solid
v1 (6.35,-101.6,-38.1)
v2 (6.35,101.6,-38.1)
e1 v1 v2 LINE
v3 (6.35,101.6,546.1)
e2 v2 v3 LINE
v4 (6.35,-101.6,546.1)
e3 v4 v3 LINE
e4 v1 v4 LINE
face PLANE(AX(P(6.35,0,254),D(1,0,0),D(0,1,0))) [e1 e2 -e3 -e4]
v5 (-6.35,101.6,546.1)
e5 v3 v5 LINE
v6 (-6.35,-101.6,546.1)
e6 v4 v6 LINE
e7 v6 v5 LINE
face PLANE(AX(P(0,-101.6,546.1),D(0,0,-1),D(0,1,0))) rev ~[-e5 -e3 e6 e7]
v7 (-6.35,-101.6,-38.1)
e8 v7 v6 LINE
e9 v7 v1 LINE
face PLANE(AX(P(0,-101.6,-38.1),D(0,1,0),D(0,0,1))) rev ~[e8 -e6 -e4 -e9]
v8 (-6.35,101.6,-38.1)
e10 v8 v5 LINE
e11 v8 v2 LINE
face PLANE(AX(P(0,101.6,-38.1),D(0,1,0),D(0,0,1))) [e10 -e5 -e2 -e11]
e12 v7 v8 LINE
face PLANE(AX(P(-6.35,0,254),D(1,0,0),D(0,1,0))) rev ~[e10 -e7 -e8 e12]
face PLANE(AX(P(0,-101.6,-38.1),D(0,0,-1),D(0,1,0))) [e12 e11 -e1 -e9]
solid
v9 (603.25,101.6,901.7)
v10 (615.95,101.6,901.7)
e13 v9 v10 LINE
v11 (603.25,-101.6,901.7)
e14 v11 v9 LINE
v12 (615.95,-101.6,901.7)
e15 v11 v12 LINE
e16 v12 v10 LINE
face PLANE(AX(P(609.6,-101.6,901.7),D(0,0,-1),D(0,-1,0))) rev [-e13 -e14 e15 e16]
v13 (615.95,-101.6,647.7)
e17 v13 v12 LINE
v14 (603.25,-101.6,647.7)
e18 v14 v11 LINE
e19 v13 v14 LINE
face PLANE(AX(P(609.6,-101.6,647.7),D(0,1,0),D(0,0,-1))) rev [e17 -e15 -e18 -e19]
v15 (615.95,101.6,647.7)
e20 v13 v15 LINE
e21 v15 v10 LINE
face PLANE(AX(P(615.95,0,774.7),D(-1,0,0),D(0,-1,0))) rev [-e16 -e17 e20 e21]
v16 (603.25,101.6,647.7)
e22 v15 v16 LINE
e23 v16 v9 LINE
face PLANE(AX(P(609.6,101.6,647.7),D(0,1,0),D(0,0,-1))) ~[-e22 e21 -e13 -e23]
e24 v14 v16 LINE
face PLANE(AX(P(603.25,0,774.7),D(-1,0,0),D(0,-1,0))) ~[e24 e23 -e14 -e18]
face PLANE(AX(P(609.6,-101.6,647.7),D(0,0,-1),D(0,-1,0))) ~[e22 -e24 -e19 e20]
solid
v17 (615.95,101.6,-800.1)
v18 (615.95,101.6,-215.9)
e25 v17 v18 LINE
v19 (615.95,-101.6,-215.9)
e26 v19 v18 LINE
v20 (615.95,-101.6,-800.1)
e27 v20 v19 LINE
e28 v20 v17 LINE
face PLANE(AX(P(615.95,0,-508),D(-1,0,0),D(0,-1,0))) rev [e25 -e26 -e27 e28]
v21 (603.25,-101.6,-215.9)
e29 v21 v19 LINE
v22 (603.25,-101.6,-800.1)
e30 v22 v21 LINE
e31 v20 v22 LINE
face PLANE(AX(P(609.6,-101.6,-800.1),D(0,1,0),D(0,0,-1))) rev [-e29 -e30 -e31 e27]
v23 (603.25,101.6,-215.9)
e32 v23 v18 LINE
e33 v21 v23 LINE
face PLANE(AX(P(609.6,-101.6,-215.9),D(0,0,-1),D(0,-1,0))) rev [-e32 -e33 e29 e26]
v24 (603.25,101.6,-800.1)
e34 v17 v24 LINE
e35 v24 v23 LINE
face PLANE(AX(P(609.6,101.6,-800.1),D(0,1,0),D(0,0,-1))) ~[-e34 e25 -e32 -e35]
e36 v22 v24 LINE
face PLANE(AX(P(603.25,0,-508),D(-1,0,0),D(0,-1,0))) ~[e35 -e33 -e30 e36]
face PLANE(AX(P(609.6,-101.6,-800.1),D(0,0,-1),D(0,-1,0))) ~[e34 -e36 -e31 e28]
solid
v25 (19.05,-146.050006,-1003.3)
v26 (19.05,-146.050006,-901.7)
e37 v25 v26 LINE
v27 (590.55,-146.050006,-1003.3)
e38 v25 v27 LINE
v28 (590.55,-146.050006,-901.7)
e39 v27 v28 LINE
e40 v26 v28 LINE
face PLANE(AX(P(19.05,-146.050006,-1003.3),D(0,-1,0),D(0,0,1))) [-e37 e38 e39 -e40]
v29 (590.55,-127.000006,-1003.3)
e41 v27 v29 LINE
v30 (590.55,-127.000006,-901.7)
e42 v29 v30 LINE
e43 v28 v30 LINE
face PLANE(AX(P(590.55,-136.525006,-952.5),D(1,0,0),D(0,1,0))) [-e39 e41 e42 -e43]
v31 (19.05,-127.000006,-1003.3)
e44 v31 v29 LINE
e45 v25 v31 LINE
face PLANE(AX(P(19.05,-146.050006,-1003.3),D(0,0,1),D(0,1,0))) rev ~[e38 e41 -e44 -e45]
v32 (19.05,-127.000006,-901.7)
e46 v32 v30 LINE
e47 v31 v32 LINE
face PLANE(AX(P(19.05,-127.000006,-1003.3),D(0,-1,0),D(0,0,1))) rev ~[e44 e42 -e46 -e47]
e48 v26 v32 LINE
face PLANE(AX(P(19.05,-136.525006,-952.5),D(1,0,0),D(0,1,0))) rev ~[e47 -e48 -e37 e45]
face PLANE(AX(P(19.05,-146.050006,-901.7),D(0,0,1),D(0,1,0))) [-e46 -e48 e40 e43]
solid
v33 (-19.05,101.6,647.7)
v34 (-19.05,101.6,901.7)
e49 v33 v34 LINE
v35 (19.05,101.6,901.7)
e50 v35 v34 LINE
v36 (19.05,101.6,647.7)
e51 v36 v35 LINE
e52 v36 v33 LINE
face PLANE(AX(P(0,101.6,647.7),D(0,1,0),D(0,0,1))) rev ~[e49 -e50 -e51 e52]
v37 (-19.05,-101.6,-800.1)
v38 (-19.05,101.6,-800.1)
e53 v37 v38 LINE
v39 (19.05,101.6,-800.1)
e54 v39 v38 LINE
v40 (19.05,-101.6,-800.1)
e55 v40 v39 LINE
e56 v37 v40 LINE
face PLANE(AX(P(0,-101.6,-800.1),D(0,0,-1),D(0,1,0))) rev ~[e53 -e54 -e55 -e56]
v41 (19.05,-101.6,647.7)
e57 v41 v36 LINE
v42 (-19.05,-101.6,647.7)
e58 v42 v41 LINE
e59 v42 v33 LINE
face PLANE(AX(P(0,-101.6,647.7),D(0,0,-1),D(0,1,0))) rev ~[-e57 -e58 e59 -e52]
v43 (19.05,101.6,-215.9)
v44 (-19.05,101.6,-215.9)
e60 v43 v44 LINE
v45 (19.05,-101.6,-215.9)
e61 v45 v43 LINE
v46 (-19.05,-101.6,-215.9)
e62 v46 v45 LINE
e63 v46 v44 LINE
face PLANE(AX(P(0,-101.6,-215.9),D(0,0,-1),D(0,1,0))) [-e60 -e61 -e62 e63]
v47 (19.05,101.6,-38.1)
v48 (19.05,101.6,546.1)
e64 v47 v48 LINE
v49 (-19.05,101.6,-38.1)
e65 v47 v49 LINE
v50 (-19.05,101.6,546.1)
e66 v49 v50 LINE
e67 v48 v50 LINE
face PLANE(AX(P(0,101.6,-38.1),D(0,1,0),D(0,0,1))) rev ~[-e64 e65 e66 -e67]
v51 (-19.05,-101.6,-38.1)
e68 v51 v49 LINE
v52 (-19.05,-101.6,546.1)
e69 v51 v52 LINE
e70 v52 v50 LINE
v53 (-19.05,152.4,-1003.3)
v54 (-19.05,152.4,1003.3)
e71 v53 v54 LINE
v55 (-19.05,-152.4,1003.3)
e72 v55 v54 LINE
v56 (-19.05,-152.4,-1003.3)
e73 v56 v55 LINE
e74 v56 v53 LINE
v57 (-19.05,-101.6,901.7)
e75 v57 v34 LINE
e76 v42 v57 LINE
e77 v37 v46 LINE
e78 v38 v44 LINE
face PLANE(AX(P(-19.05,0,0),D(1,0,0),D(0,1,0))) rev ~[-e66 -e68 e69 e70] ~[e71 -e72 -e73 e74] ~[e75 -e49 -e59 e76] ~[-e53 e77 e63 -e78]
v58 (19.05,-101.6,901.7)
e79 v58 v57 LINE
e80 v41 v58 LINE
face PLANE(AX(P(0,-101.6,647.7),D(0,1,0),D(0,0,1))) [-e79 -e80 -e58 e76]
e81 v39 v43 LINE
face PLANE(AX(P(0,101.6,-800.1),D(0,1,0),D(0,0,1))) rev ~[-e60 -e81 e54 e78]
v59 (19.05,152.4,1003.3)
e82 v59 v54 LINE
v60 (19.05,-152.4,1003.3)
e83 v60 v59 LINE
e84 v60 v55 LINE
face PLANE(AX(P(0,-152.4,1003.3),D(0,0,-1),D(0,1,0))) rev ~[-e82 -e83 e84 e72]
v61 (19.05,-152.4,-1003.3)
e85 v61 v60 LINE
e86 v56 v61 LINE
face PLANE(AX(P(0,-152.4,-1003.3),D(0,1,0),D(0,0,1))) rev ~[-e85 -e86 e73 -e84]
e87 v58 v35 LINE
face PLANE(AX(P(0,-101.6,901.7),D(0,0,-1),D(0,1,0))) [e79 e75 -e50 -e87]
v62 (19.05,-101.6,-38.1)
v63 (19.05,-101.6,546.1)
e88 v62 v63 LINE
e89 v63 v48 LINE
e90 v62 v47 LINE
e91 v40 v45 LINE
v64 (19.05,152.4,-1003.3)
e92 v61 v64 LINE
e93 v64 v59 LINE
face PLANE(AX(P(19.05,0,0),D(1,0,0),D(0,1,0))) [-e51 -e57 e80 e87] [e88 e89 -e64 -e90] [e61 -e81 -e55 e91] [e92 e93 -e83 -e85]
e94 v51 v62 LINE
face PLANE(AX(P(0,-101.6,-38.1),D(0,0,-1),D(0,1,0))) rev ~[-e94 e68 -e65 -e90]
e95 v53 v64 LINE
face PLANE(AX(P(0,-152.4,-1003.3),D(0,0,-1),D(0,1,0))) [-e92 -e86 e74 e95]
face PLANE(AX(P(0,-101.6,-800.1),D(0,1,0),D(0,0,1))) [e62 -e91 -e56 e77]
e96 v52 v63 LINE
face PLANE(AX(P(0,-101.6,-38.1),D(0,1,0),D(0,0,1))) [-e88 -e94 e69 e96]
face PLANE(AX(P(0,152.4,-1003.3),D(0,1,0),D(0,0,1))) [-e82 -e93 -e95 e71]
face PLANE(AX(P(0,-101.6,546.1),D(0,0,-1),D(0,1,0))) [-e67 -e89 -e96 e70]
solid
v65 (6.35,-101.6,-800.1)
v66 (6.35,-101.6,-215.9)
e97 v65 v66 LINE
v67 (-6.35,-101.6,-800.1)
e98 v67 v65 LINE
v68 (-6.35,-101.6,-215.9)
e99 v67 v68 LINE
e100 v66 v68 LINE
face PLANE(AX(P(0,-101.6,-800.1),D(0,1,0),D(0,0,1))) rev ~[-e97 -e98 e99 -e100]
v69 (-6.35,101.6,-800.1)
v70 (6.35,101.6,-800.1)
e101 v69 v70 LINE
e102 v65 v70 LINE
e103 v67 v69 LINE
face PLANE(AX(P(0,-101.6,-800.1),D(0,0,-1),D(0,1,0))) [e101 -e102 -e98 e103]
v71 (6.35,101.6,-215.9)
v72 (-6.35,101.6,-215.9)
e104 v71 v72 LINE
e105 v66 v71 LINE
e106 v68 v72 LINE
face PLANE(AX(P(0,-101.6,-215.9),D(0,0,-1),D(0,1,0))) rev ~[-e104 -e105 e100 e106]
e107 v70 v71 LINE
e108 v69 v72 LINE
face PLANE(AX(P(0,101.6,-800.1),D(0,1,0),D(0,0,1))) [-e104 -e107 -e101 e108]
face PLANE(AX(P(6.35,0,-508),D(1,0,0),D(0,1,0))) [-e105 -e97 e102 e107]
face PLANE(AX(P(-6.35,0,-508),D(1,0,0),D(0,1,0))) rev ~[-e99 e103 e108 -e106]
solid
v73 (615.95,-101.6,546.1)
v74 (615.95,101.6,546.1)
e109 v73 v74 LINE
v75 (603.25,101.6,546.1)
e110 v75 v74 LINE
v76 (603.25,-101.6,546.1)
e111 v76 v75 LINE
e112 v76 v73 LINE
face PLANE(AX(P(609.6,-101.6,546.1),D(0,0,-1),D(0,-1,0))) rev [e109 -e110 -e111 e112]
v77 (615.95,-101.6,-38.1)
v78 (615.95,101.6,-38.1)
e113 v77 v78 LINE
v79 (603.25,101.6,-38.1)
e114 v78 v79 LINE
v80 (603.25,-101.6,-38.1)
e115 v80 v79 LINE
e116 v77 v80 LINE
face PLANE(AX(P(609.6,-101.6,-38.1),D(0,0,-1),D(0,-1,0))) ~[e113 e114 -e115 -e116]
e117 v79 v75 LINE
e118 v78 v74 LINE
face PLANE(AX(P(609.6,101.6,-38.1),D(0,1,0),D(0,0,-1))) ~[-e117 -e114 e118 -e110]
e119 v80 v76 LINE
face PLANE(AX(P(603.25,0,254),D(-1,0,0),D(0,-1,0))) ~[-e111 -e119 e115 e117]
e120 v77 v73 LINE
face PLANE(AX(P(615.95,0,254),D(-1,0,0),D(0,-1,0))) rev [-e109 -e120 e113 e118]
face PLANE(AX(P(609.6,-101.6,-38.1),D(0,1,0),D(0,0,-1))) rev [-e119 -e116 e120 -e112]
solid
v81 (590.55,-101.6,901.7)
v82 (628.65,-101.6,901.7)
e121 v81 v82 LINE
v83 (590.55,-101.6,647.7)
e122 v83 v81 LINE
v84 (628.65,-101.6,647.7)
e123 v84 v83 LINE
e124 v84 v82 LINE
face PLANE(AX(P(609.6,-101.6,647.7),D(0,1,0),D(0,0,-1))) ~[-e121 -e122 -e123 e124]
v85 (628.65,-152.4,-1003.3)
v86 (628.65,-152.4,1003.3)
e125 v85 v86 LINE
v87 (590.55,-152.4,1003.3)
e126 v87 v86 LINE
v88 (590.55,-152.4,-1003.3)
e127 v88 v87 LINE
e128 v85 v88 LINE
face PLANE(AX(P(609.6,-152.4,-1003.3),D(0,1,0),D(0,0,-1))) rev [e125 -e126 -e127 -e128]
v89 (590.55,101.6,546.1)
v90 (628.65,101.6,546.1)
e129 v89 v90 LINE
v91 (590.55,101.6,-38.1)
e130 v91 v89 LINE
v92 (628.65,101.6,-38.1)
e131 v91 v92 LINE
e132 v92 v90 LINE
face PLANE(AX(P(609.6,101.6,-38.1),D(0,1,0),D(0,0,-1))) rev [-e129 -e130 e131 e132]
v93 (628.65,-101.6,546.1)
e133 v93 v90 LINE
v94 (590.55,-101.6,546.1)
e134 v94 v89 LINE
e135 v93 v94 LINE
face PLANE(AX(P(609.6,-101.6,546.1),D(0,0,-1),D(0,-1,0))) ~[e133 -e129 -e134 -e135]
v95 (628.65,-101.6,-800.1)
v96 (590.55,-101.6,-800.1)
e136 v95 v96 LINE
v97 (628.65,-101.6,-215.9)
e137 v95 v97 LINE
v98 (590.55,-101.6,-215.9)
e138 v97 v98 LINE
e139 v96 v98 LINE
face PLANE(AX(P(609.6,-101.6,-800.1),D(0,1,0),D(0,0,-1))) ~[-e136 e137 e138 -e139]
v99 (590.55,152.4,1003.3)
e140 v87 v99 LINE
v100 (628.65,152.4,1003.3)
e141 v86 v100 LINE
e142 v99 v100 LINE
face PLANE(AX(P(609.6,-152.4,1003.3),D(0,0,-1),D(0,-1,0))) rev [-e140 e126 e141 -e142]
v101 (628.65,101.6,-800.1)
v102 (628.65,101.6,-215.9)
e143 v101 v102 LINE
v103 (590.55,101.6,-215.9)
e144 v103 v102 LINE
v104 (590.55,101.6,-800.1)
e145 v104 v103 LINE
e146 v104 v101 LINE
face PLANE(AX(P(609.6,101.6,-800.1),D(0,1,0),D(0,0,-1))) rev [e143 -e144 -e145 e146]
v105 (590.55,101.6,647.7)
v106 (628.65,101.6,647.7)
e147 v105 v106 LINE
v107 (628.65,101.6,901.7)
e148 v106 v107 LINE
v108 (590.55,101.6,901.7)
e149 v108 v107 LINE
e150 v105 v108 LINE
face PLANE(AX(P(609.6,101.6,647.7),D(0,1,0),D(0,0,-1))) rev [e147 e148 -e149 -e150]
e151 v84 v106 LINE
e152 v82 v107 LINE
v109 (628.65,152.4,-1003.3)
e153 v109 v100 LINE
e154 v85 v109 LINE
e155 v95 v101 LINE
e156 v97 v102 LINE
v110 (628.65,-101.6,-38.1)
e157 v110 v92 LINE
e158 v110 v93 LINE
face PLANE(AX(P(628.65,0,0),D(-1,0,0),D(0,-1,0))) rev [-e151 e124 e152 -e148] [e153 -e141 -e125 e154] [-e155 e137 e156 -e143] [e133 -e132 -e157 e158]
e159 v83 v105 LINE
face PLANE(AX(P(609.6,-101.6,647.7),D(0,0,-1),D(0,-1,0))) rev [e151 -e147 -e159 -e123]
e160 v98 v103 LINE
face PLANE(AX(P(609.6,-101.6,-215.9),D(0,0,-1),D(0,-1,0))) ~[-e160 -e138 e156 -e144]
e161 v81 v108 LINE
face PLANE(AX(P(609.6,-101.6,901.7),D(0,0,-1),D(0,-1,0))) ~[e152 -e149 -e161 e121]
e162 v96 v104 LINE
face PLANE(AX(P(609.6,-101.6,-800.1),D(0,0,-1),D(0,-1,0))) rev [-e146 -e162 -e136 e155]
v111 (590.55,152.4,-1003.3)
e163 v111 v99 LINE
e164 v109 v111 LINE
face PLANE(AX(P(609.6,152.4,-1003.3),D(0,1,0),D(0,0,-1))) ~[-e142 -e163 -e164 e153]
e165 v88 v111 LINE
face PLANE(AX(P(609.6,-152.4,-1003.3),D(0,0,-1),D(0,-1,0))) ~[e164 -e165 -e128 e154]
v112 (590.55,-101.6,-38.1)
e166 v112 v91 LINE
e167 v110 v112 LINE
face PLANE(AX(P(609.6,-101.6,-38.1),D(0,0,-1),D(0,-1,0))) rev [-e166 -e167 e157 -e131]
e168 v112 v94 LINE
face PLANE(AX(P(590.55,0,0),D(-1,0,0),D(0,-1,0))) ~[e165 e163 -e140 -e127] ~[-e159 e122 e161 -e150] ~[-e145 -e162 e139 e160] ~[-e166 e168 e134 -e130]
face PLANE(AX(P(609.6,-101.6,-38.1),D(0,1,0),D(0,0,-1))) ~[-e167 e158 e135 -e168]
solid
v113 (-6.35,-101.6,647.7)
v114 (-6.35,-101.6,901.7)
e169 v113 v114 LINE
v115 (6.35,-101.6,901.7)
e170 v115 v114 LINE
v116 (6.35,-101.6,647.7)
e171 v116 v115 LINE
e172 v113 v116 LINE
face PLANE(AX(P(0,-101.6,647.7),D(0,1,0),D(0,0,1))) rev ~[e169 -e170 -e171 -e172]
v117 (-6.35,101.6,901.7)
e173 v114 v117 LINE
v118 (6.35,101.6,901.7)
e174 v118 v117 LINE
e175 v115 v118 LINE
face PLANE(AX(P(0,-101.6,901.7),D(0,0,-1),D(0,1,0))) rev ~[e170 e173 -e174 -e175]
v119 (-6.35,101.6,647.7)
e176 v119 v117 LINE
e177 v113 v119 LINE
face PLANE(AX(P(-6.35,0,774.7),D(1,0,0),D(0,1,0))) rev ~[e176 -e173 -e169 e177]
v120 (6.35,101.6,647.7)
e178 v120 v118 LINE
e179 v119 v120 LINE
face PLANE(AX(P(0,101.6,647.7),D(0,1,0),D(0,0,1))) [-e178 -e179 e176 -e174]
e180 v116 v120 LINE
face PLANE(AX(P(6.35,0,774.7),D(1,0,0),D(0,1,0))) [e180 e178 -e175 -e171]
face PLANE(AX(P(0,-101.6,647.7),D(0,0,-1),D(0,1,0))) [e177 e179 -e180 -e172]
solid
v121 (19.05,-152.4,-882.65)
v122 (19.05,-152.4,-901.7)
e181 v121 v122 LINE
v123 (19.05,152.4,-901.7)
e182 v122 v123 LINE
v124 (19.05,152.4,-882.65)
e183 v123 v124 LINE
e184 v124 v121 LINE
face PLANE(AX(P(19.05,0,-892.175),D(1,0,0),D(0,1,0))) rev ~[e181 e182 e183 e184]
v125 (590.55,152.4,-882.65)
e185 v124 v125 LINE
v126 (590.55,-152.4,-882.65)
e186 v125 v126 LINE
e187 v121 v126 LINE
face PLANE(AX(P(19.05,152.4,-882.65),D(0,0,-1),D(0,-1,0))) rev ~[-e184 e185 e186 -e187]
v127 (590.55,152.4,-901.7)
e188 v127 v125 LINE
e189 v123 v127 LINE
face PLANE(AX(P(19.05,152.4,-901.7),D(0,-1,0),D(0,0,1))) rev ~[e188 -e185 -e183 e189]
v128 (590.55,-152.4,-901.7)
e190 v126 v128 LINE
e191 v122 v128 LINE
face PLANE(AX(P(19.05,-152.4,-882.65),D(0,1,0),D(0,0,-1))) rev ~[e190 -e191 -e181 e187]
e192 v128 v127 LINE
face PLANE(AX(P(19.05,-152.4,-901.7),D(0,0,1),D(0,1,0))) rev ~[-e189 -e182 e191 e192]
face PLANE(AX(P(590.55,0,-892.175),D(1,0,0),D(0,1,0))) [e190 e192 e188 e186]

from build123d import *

# Parameters (mm, degrees)
F0_W     = 304.8
F0_H     = 2006.6
F0_W_2   = 203.2
F0_H_2   = 584.2
F0_H_3   = 254
F1_DEPTH = 19.05
F2_DEPTH = 6.35
F5_W     = 19.05
F5_H     = 101.6
F6_DEPTH = 571.5
F8_DEPTH = 571.5


with BuildPart() as f1:
    # F0 (on Right) → F1 (new body, symmetric)
    with BuildSketch(Plane.YZ):
        Rectangle(F0_W, F0_H)
        with Locations((0, -508)):
            Rectangle(F0_W_2, F0_H_2, mode=Mode.SUBTRACT)
        with Locations((0, 254)):
            Rectangle(F0_W_2, F0_H_2, mode=Mode.SUBTRACT)
        with Locations((0, 774.7)):
            Rectangle(F0_W_2, F0_H_3, mode=Mode.SUBTRACT)
    extrude(amount=F1_DEPTH, both=True)


with BuildPart() as f2:
    # F0 (on Right) → F2 (new body, symmetric)
    with BuildSketch(Plane.YZ):
        with Locations((0, 774.7)):
            Rectangle(F0_W_2, F0_H_3)
    extrude(amount=F2_DEPTH, both=True)


with BuildPart() as f2b:
    # F0 (on Right) → F2, piece 2 (new body, symmetric)
    with BuildSketch(Plane.YZ):
        with Locations((0, 254)):
            Rectangle(F0_W_2, F0_H_2)
    extrude(amount=F2_DEPTH, both=True)


with BuildPart() as f2c:
    # F0 (on Right) → F2, piece 3 (new body, symmetric)
    with BuildSketch(Plane.YZ):
        with Locations((0, -508)):
            Rectangle(F0_W_2, F0_H_2)
    extrude(amount=F2_DEPTH, both=True)


with BuildPart() as f4_1:
    # F4: instance of F1
    add(f1.part.mirror(Plane.YZ.offset(304.8)))


with BuildPart() as f4_2:
    # F4: instance of F2c
    add(f2c.part.mirror(Plane.YZ.offset(304.8)))


with BuildPart() as f4_3:
    # F4: instance of F2b
    add(f2b.part.mirror(Plane.YZ.offset(304.8)))


with BuildPart() as f4_4:
    # F4: instance of F2
    add(f2.part.mirror(Plane.YZ.offset(304.8)))


with BuildPart() as f6:
    # F5 (on face) → F6 (new body, through all)
    with BuildSketch(Plane.YZ.offset(19.05)):
        with Locations((-136.5250061512, -952.5)):
            Rectangle(F5_W, F5_H)
    extrude(amount=F6_DEPTH)


with BuildPart() as f8:
    # F7 (on face) → F8 (new body, through all)
    with BuildSketch(Plane.YZ.offset(19.05)):
        Polygon((-152.4, -901.7), (-146.0500061512, -901.7), (-127.0000061512, -901.7), (152.4, -901.7), (152.4, -882.65), (-152.4, -882.65), align=None)
    extrude(amount=F8_DEPTH)


solid = Compound([f1.part, f2.part, f2b.part, f2c.part, f4_1.part, f4_2.part, f4_3.part, f4_4.part, f6.part, f8.part])
